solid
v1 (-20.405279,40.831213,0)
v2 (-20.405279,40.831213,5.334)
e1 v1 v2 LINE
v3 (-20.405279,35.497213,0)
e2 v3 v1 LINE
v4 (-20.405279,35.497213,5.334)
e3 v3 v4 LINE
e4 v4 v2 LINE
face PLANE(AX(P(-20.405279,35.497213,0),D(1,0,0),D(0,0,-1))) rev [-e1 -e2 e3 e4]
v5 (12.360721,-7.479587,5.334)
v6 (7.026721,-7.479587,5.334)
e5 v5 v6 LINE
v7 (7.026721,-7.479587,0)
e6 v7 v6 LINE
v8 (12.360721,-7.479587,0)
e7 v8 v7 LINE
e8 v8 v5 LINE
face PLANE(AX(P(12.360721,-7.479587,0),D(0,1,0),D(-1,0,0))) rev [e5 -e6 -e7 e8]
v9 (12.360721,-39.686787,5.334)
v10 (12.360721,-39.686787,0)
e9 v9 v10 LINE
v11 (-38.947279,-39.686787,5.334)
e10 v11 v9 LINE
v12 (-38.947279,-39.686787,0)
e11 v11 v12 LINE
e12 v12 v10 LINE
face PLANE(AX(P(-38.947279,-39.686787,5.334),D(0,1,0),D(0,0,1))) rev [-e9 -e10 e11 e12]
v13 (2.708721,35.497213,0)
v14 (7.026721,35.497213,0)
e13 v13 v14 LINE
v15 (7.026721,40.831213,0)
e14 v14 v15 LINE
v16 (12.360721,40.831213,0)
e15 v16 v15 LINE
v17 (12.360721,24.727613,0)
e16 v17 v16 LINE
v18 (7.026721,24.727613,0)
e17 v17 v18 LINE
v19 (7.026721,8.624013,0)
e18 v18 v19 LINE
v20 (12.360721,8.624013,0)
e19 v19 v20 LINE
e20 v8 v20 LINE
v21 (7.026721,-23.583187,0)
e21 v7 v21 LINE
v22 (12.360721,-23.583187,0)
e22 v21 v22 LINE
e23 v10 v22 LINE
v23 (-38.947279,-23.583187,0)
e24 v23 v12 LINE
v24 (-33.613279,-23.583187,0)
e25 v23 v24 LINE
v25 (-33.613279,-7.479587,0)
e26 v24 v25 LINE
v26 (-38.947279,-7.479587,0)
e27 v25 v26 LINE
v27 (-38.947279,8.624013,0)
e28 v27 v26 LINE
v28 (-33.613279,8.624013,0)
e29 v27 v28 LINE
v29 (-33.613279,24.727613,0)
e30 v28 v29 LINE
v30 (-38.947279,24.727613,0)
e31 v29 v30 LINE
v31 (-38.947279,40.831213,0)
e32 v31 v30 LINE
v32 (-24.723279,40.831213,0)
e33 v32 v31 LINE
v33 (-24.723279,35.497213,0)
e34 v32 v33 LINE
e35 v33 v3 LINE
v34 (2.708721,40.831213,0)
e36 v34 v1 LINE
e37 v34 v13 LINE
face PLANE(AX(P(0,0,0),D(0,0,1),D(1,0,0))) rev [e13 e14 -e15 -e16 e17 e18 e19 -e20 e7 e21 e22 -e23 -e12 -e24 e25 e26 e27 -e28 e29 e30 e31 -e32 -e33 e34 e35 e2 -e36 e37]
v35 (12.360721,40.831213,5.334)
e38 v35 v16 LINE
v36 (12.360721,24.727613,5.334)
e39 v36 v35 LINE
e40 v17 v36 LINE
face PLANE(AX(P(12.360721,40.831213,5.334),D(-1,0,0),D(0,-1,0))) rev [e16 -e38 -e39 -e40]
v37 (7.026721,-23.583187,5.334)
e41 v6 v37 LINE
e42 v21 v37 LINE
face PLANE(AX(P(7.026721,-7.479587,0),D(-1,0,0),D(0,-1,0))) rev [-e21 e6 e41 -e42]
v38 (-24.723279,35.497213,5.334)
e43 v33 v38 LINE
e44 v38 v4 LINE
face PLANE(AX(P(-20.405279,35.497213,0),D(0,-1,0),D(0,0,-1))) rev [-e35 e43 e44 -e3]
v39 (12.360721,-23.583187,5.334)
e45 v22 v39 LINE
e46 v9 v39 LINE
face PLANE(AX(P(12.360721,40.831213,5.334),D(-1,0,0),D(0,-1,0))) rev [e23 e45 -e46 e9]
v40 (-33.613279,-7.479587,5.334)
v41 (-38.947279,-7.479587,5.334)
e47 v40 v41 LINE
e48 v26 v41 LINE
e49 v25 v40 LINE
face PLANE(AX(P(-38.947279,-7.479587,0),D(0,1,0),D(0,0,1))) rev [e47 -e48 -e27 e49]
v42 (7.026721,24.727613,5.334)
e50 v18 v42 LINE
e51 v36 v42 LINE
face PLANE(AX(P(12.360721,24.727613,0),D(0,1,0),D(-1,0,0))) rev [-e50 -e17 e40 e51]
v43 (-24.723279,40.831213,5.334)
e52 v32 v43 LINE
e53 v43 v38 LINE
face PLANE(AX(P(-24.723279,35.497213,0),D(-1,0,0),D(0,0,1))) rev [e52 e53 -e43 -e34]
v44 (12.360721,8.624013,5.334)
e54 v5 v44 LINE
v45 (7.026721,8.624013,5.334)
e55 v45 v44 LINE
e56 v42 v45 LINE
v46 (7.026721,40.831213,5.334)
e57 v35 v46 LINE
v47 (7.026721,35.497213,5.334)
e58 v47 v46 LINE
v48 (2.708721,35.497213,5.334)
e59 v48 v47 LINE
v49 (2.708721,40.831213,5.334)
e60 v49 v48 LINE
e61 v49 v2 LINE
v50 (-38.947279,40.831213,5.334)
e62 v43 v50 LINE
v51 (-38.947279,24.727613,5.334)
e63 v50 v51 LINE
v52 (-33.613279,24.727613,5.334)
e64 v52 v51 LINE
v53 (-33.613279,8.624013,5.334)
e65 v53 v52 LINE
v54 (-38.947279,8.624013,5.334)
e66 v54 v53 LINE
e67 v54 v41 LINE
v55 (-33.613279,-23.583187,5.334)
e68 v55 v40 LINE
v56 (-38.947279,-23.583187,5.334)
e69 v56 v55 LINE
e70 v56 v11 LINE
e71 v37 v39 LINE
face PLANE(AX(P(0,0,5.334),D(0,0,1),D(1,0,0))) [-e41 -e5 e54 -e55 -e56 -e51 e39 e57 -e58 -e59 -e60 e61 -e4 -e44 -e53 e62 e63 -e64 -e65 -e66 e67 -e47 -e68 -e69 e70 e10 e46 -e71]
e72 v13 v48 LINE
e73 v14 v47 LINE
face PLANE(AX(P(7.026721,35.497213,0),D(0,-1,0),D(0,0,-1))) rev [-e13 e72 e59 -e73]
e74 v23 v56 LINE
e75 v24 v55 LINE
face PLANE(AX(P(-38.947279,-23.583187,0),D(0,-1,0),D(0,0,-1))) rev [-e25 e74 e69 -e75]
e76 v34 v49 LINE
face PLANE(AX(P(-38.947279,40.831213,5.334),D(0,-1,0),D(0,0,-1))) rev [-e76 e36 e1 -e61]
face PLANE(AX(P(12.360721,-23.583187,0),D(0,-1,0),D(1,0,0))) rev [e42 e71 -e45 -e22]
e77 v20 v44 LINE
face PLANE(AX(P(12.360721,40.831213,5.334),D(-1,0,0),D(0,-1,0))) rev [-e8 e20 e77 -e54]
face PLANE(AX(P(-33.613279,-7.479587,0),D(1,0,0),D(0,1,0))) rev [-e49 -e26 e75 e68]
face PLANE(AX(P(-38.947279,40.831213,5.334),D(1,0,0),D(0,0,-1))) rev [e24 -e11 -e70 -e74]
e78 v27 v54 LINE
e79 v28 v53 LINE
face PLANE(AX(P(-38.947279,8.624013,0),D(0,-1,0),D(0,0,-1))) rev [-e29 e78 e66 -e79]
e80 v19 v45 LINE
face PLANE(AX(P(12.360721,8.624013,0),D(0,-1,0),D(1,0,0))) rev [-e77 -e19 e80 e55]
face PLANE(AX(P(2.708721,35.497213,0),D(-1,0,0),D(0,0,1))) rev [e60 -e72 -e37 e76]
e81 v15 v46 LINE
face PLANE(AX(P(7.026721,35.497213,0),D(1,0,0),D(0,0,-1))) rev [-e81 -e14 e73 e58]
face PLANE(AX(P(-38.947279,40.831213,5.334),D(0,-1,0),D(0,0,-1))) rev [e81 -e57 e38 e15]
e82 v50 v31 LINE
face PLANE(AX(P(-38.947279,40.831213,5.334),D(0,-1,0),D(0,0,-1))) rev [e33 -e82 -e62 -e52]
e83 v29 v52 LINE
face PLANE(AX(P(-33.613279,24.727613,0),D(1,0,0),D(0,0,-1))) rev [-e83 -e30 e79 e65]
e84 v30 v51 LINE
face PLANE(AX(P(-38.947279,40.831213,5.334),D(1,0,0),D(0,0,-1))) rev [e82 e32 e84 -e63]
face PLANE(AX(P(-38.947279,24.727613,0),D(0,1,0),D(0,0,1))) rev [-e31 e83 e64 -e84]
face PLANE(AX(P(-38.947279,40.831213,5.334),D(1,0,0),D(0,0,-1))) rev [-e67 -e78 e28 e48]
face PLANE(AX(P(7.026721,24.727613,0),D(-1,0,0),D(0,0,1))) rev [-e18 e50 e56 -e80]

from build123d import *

# Parameters (mm, degrees)
SKETCH1_W           = 51.308
SKETCH1_H           = 80.518
BOSS_EXTRUDE1_DEPTH = 5.334
SKETCH2_W           = 5.334
SKETCH2_H           = 16.1036
CUT_EXTRUDE1_DEPTH  = 57.679185374
SKETCH3_W           = 4.318
SKETCH3_H           = 5.334
CUT_EXTRUDE2_DEPTH  = 57.679185374


with BuildPart() as part:
    # Sketch1 → Boss-Extrude1 (new body)
    with BuildSketch(Plane.XY):
        with Locations((-13.293278732, 0.572213281)):
            Rectangle(SKETCH1_W, SKETCH1_H)
    extrude(amount=BOSS_EXTRUDE1_DEPTH)

    # Sketch2 → Cut-Extrude1 (cut, through all)
    with BuildSketch(Plane.XY.offset(5.334)):
        with Locations((-36.280278732, 16.675813281)):
            Rectangle(SKETCH2_W, SKETCH2_H)
        with Locations((-36.280278732, -15.531386719)):
            Rectangle(SKETCH2_W, SKETCH2_H)
        with Locations((9.693721268, -15.531386719)):
            Rectangle(SKETCH2_W, SKETCH2_H)
        with Locations((9.693721268, 16.675813281)):
            Rectangle(SKETCH2_W, SKETCH2_H)
    extrude(amount=-CUT_EXTRUDE1_DEPTH, mode=Mode.SUBTRACT)

    # Sketch3 → Cut-Extrude2 (cut, through all)
    with BuildSketch(Plane.XY.offset(5.334)):
        with Locations((-22.564278732, 38.164213281)):
            Rectangle(SKETCH3_W, SKETCH3_H)
        with Locations((4.867721268, 38.164213281)):
            Rectangle(SKETCH3_W, SKETCH3_H)
    extrude(amount=-CUT_EXTRUDE2_DEPTH, mode=Mode.SUBTRACT)


solid = part.part
